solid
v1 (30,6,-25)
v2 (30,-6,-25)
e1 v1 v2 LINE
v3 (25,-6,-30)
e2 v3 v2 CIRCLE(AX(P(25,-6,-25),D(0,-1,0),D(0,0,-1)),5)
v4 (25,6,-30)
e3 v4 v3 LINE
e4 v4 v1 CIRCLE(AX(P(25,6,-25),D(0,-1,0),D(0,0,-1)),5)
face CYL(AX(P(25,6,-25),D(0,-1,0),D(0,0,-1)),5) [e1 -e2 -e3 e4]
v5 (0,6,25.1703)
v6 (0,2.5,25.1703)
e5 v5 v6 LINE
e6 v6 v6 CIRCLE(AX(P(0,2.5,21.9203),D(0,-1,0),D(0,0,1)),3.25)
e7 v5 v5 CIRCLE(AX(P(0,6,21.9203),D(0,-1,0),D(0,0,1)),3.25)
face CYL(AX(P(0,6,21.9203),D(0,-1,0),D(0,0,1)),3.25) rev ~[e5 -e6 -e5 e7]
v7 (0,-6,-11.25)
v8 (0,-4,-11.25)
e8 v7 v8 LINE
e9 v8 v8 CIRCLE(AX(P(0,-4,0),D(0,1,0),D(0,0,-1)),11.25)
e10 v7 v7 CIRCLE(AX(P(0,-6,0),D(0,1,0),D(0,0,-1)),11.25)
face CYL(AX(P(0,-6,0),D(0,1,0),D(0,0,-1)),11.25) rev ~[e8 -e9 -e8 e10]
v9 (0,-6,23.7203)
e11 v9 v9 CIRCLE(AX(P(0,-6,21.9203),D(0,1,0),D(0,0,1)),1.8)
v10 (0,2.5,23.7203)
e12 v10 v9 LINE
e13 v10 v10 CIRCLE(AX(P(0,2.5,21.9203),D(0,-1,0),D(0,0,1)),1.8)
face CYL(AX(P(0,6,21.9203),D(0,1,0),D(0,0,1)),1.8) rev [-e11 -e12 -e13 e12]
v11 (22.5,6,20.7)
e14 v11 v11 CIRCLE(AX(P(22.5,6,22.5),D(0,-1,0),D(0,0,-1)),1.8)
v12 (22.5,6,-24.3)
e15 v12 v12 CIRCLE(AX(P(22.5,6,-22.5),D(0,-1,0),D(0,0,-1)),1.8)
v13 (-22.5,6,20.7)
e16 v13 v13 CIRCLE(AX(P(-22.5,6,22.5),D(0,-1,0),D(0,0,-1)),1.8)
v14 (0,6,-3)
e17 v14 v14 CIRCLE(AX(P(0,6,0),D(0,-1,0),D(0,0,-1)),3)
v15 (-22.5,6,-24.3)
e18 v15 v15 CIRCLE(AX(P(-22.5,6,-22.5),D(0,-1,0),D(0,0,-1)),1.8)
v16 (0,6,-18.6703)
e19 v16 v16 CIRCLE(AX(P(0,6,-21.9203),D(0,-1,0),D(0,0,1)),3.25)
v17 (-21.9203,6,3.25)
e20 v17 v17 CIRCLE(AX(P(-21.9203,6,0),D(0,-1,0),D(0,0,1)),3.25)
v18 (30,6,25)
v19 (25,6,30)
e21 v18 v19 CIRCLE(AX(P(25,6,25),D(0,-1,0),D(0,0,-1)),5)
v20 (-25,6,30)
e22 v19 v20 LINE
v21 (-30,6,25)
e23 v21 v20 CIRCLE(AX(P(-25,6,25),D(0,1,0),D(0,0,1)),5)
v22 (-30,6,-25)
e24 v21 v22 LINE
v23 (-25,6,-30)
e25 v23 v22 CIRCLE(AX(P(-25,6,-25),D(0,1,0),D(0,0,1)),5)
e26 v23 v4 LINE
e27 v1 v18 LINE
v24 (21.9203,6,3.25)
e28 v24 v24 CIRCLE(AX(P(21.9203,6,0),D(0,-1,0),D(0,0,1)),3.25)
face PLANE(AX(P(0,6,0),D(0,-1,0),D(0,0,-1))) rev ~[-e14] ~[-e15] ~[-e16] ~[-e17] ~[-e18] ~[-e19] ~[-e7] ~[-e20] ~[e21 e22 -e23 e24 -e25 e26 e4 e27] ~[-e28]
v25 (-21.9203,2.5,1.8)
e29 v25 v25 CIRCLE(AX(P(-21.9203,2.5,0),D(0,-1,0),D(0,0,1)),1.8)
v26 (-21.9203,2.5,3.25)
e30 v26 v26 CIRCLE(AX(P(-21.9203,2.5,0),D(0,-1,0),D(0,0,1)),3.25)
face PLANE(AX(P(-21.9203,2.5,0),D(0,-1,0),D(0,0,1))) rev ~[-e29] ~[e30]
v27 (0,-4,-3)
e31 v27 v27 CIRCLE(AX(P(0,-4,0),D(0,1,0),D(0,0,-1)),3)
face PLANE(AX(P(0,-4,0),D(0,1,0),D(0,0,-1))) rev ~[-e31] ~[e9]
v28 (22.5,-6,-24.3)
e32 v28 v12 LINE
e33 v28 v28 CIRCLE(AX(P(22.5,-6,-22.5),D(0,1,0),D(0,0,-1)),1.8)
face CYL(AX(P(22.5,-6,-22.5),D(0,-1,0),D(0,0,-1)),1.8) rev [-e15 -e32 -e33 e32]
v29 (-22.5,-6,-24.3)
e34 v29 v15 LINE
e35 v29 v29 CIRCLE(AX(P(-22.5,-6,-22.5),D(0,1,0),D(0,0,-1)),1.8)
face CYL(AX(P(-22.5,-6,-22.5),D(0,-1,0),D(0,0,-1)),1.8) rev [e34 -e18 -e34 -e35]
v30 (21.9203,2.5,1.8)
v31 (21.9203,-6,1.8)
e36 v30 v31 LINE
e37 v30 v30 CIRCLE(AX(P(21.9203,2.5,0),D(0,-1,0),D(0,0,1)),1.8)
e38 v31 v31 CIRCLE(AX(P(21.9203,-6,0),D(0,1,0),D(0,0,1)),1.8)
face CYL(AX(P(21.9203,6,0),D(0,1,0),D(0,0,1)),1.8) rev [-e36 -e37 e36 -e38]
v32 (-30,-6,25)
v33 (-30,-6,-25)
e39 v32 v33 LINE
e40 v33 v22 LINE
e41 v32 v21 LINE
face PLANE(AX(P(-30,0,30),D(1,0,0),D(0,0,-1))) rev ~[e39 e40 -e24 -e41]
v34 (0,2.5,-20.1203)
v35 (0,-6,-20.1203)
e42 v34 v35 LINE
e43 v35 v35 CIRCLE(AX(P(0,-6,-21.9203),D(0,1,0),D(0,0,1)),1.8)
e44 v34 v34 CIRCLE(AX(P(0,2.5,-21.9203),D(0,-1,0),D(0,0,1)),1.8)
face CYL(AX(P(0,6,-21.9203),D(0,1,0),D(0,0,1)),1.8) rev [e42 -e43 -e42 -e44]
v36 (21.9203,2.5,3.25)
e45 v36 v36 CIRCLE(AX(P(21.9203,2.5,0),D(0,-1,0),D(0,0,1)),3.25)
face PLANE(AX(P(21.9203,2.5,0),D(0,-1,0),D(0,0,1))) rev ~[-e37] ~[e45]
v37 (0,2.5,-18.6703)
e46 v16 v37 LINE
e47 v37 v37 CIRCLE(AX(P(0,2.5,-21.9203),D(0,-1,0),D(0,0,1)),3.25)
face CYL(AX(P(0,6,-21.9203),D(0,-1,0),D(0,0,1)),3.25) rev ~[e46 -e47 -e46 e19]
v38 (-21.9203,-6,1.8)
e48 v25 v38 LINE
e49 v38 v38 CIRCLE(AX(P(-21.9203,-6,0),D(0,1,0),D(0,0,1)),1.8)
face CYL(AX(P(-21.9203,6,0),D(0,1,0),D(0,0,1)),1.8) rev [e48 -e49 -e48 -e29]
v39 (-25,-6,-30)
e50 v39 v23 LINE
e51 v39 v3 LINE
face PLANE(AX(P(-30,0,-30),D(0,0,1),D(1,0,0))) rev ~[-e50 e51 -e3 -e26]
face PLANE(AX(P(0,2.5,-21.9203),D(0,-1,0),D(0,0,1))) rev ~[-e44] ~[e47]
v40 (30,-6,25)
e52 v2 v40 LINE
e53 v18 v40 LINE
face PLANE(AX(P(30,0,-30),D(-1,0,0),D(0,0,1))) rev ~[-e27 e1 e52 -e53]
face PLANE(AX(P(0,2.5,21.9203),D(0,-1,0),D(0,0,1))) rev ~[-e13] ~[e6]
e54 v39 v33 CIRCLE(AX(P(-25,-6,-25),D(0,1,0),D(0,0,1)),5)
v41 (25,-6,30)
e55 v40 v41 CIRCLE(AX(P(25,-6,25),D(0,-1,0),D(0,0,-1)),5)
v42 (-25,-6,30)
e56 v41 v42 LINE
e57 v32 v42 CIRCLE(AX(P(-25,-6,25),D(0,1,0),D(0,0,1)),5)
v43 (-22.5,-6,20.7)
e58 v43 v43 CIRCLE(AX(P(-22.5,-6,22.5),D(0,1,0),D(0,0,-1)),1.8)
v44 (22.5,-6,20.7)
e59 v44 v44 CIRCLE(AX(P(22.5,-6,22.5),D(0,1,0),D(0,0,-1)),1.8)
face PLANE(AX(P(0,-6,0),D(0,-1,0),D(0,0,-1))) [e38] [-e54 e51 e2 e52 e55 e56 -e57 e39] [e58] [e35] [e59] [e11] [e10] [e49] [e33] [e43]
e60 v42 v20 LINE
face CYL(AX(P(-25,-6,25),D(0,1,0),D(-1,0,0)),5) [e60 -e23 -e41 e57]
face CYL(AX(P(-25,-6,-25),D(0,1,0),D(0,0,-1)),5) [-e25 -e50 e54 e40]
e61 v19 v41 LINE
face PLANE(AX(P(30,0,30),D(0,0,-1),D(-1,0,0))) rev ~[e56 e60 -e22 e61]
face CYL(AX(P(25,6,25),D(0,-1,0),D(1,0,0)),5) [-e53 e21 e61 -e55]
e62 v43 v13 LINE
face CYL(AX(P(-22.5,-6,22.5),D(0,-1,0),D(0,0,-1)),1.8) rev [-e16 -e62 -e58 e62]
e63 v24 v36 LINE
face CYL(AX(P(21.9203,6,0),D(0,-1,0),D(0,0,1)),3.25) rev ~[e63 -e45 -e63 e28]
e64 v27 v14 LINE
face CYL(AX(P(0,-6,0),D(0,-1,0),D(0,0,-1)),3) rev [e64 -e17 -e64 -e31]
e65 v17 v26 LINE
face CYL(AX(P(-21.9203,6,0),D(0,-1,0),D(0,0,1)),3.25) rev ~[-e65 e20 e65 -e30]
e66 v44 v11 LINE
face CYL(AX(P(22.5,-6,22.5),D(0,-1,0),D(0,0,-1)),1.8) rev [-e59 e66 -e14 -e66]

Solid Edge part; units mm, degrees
sketch "Sketch1" plane through (0, 0, 0) normal (0, -1, 0) x (1, 0, 0)
  line L0 (-30, -30) -> (30, -30)
  line L1 (30, -30) -> (30, 30)
  line L2 (30, 30) -> (-30, 30)
  line L3 (-30, 30) -> (-30, -30)
  dimension "D1" = 60
extrude "Protrusion1" add sketch "Sketch1" along normal mid plane 12
fillet "Round_1" radius 5 4 edges at (30, 0, 30) (30, 0, -30) (-30, 0, -30) (-30, 0, 30)
hole "Hole_1" at (-22.5, -6, 22.5) direction (0, 1, 0) diameter 3.6 end up to next
hole "Hole1" at (22.5, -6, 22.5) direction (0, 1, 0) diameter 3.6 end up to next
hole "Hole2" at (22.5, -6, -22.5) direction (0, 1, 0) diameter 3.6 end up to next
hole "Hole3" at (-22.5, -6, -22.5) direction (0, 1, 0) diameter 3.6 end up to next
hole "Hole_5" at (0, -6, 0) direction (0, 1, 0) diameter 6 end up to next counterbore diameter 22.5 counterbore depth 2
hole "Hole_6" at (0, 6, 21.9203) direction (0, -1, 0) diameter 3.6 end up to next counterbore diameter 6.5 counterbore depth 3.5
hole "Hole4" at (-21.9203, 6, 0) direction (0, -1, 0) diameter 3.6 end up to next counterbore diameter 6.5 counterbore depth 3.5
hole "Hole5" at (0, 6, -21.9203) direction (0, -1, 0) diameter 3.6 end up to next counterbore diameter 6.5 counterbore depth 3.5
hole "Hole6" at (21.9203, 6, 0) direction (0, -1, 0) diameter 3.6 end up to next counterbore diameter 6.5 counterbore depth 3.5
properties material "Polyethylene, low density"
